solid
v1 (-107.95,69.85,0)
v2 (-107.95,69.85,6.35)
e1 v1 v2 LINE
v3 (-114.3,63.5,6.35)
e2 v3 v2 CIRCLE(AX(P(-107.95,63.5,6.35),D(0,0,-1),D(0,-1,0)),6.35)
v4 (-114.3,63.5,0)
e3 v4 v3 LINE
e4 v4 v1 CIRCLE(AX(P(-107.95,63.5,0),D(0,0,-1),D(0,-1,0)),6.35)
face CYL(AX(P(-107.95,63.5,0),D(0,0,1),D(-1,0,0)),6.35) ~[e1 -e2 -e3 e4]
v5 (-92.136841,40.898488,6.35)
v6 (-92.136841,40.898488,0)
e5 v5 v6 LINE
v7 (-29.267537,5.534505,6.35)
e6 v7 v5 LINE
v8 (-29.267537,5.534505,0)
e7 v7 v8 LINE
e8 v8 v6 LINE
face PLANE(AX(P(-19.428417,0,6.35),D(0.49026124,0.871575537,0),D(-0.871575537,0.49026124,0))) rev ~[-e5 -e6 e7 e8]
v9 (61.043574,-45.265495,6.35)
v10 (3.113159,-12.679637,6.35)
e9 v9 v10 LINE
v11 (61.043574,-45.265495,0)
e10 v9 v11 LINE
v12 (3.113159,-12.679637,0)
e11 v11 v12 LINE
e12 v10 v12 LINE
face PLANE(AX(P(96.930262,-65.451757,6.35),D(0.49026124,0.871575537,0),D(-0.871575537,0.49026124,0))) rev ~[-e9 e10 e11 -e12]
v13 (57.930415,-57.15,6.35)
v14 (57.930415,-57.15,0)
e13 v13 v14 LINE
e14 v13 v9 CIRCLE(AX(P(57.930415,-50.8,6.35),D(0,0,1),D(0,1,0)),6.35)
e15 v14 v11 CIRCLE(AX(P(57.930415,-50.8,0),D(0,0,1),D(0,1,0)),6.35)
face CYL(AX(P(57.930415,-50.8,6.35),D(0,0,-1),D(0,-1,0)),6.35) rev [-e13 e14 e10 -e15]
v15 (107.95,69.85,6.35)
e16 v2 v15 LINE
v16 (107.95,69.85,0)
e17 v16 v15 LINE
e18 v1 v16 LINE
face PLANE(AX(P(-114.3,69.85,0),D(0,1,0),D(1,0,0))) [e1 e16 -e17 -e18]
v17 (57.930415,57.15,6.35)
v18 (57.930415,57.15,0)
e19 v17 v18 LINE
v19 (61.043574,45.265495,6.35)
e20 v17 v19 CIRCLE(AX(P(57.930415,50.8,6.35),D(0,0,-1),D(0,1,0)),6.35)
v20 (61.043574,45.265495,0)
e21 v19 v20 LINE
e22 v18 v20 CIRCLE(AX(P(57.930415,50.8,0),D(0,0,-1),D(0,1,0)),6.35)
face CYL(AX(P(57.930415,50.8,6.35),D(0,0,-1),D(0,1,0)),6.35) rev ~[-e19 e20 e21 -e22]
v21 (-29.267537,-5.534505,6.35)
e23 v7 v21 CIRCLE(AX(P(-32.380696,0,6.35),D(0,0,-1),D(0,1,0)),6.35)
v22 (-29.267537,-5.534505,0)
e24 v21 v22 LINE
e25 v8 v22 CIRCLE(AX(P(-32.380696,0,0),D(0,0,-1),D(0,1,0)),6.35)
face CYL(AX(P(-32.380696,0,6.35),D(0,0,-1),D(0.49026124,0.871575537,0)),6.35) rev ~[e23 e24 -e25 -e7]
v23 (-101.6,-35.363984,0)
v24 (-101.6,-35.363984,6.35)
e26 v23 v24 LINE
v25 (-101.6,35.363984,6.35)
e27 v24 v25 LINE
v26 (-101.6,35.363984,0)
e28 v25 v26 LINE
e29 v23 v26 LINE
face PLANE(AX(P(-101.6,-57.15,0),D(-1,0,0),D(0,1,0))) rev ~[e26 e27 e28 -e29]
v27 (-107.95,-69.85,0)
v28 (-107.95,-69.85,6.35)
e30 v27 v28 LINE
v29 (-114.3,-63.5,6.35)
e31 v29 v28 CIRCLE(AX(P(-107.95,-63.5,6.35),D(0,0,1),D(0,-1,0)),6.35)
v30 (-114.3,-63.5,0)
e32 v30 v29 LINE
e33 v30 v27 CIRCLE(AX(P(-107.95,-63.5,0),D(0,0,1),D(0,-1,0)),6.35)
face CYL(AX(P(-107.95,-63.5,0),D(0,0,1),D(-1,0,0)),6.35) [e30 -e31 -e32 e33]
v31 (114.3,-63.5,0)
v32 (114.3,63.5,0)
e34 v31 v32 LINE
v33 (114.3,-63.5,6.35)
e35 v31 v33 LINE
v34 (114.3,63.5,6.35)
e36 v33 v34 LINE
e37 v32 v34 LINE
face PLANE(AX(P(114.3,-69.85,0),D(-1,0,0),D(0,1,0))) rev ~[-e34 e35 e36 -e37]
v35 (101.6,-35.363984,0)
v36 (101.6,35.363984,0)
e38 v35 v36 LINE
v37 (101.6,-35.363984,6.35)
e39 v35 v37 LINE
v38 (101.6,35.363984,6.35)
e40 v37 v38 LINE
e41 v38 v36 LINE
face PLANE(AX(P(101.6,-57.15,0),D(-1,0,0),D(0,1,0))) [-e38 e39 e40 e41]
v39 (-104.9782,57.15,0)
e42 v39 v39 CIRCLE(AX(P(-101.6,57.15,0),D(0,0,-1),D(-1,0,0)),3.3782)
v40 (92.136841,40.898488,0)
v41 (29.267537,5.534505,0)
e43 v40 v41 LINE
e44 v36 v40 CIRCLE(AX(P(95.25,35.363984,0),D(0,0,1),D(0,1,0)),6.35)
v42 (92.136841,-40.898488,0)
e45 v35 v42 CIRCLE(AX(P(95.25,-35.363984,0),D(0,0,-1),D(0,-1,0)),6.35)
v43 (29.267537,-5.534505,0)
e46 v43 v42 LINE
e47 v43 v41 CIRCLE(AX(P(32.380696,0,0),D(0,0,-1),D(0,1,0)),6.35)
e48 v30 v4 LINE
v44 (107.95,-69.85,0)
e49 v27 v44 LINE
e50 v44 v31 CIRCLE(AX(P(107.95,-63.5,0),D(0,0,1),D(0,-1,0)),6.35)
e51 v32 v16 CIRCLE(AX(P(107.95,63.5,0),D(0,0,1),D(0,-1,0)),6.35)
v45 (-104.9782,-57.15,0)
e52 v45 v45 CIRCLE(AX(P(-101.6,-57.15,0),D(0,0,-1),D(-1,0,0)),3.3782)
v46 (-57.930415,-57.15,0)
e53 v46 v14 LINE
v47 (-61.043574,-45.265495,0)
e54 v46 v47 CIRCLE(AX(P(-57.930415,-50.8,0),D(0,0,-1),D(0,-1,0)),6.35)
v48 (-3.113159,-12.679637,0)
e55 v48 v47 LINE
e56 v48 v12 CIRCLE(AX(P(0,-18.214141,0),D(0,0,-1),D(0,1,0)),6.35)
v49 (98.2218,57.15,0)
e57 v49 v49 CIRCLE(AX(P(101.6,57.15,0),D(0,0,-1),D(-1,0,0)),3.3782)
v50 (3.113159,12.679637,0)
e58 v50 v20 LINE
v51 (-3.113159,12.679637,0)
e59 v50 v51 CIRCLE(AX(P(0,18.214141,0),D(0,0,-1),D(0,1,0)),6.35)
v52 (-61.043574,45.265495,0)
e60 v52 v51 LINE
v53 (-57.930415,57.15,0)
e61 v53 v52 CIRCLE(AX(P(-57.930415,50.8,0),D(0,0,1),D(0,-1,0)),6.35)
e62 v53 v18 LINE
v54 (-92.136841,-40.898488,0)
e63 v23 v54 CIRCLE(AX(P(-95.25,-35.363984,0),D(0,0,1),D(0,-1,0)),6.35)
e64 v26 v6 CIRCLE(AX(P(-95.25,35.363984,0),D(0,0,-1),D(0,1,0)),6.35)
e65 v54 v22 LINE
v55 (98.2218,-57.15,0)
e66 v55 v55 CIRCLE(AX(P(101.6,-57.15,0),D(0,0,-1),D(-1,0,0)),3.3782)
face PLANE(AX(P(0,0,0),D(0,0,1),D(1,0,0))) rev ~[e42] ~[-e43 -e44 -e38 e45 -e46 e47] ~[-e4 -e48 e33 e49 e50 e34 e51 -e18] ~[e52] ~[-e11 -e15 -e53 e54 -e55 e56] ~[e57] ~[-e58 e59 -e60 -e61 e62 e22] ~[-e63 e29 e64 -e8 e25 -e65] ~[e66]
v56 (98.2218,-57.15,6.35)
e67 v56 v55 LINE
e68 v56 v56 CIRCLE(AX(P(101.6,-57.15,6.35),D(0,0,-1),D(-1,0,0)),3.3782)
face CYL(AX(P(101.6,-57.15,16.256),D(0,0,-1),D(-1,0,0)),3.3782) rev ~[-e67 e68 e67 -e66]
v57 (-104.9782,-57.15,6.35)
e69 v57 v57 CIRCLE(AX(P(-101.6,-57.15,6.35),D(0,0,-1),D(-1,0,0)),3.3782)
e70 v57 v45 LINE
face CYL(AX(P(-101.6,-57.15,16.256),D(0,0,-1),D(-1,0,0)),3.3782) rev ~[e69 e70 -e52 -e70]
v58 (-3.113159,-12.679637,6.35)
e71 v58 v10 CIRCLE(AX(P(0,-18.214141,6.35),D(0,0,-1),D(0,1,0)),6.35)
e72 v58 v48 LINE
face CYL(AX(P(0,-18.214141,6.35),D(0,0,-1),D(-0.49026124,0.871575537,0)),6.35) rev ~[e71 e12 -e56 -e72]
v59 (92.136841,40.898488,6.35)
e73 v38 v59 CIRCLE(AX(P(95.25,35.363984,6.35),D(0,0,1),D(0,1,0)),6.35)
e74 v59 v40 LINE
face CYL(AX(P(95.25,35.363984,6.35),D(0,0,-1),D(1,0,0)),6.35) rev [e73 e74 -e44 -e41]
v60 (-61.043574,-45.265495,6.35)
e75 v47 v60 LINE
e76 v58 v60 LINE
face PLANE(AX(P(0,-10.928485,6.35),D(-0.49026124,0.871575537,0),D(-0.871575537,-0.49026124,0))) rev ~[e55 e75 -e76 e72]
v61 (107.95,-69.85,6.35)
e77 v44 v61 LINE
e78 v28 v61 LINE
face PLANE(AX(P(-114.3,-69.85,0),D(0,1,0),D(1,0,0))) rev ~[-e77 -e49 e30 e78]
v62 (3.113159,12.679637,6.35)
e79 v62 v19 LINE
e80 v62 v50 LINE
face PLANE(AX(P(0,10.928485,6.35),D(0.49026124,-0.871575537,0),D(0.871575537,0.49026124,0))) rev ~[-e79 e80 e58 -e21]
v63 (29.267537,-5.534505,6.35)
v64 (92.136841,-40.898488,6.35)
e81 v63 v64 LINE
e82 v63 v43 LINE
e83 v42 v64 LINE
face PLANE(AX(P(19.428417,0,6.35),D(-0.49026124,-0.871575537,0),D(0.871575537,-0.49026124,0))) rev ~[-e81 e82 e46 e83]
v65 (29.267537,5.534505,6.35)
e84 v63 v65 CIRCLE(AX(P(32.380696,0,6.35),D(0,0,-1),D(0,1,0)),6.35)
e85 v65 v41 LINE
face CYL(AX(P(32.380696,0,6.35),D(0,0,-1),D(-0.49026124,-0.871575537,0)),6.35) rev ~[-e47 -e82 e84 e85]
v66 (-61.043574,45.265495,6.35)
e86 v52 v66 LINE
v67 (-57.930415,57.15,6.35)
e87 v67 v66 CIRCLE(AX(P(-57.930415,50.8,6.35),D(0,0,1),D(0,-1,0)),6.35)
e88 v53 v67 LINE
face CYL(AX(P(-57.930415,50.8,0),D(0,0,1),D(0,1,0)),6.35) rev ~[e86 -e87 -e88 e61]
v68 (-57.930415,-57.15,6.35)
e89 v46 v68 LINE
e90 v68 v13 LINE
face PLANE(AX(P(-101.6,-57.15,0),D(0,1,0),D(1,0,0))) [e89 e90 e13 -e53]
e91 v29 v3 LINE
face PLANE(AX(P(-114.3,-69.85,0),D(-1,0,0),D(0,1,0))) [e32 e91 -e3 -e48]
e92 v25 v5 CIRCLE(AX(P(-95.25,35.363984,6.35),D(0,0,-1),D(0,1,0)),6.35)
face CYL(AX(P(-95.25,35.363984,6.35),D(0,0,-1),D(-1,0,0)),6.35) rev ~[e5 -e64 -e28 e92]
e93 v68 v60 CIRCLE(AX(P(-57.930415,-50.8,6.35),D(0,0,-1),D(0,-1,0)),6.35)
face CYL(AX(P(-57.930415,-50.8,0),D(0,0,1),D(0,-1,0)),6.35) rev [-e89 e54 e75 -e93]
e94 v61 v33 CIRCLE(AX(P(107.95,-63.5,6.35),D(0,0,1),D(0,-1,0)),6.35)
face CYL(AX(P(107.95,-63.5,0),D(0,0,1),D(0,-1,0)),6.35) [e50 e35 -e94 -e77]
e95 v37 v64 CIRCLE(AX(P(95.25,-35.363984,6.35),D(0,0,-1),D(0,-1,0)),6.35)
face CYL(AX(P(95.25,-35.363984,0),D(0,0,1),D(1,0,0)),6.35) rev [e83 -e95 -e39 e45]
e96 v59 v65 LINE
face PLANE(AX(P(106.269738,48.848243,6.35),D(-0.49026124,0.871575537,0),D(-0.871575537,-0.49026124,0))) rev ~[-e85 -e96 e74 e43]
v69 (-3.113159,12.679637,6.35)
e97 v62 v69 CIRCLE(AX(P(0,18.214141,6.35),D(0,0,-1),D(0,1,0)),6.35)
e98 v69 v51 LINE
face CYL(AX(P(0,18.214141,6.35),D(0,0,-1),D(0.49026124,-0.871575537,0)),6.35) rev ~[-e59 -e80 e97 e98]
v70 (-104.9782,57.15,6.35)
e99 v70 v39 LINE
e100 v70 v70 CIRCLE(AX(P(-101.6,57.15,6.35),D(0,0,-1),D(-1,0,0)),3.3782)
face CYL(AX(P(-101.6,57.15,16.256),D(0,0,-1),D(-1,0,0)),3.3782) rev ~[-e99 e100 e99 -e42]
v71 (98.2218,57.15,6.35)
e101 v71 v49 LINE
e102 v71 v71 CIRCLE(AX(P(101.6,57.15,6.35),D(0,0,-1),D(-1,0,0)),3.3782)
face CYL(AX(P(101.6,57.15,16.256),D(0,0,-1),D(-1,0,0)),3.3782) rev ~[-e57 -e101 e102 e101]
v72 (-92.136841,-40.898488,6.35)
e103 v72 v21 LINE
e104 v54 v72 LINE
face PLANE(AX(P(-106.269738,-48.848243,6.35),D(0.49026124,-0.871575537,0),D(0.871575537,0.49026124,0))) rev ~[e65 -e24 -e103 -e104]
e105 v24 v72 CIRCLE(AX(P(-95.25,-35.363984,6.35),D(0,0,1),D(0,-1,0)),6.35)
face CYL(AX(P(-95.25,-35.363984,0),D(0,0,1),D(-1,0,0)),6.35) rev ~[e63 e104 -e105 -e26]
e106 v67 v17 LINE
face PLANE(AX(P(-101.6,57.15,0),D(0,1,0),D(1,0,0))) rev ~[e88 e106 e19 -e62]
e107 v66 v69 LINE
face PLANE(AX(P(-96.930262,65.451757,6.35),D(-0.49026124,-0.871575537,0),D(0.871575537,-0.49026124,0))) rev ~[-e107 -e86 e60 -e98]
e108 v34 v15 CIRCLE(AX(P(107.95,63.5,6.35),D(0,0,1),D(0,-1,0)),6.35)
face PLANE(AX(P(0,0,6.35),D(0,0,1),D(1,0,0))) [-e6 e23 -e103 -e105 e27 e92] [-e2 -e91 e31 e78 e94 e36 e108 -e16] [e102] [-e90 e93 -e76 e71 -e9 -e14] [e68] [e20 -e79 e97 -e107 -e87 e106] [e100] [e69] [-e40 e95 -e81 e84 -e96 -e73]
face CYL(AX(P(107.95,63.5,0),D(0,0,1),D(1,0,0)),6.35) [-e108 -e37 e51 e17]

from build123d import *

# Parameters (mm, degrees)
SKETCH1_W                   = 228.6
SKETCH1_H                   = 139.7
SKETCH1_W_2                 = 203.2
SKETCH1_H_2                 = 114.3
BOSS_EXTRUDE1_DEPTH         = 6.35
BOSS_EXTRUDE2_DEPTH         = 6.35
FILLET1_R                   = 6.35
FILLET2_R                   = 6.35
F_1_4_CLEARANCE_HOLE1_D     = 6.7564
F_1_4_CLEARANCE_HOLE1_DEPTH = 9.906
F_1_4_CLEARANCE_HOLE1_TIP   = 2.029827343


with BuildPart() as part:
    # Sketch1 → Boss-Extrude1 (new body)
    with BuildSketch(Plane.XY):
        Rectangle(SKETCH1_W, SKETCH1_H)
        Rectangle(SKETCH1_W_2, SKETCH1_H_2, mode=Mode.SUBTRACT)
    extrude(amount=BOSS_EXTRUDE1_DEPTH)

    # Sketch2 → Boss-Extrude2 (add)
    with BuildSketch(Plane.XY.offset(6.35)):
        with BuildLine():
            Line((-96.930261692, 65.451756991), (0, 10.928484789))
            Line((0, 10.928484789), (96.930261692, 65.451756991))
            ThreePointArc((96.930261692, 65.451756991), (109.901756991, 61.819738308), (106.269738308, 48.848243009))
            Line((106.269738308, 48.848243009), (19.428417403, 0))
            Line((19.428417403, 0), (106.269738308, -48.848243009))
            ThreePointArc((106.269738308, -48.848243009), (109.901756991, -61.819738308), (96.930261692, -65.451756991))
            Line((96.930261692, -65.451756991), (0, -10.928484789))
            Line((0, -10.928484789), (-96.930261692, -65.451756991))
            ThreePointArc((-96.930261692, -65.451756991), (-109.901756991, -61.819738308), (-106.269738308, -48.848243009))
            Line((-106.269738308, -48.848243009), (-19.428417403, 0))
            Line((-19.428417403, 0), (-106.269738308, 48.848243009))
            ThreePointArc((-106.269738308, 48.848243009), (-109.901756991, 61.819738308), (-96.930261692, 65.451756991))
        make_face()
    extrude(amount=-BOSS_EXTRUDE2_DEPTH)

    # Fillet1
    fillet1_edges = [part.edges().sort_by_distance(p)[0] for p in [
        (82.171582597, 57.15, 3.175),
        (-82.171582597, 57.15, 3.175),
        (101.6, -46.221515211, 3.175),
        (101.6, 46.221515211, 3.175),
        (-82.171582597, -57.15, 3.175),
        (82.171582597, -57.15, 3.175),
        (-101.6, 46.221515211, 3.175),
        (-101.6, -46.221515211, 3.175),
        (0, 10.928484789, 3.175),
        (19.428417403, 0, 3.175),
        (0, -10.928484789, 3.175),
        (-19.428417403, 0, 3.175),
    ]]
    fillet(fillet1_edges, radius=FILLET1_R)

    # Fillet2
    fillet2_edges = [part.edges().sort_by_distance(p)[0] for p in [
        (114.3, -69.85, 3.175),
        (-114.3, -69.85, 3.175),
        (-114.3, 69.85, 3.175),
        (114.3, 69.85, 3.175),
    ]]
    fillet(fillet2_edges, radius=FILLET2_R)

    # 1/4 Clearance Hole1
    with Locations(Plane.XY.offset(6.35)):
        with Locations((-101.6, 57.15), (101.6, 57.15), (-101.6, -57.15), (101.6, -57.15)):
            Hole(F_1_4_CLEARANCE_HOLE1_D / 2, depth=F_1_4_CLEARANCE_HOLE1_DEPTH)
            with Locations((0, 0, -(F_1_4_CLEARANCE_HOLE1_DEPTH + F_1_4_CLEARANCE_HOLE1_TIP / 2))):  # 118° drill point
                Cone(0, F_1_4_CLEARANCE_HOLE1_D / 2, F_1_4_CLEARANCE_HOLE1_TIP, mode=Mode.SUBTRACT)


solid = part.part
